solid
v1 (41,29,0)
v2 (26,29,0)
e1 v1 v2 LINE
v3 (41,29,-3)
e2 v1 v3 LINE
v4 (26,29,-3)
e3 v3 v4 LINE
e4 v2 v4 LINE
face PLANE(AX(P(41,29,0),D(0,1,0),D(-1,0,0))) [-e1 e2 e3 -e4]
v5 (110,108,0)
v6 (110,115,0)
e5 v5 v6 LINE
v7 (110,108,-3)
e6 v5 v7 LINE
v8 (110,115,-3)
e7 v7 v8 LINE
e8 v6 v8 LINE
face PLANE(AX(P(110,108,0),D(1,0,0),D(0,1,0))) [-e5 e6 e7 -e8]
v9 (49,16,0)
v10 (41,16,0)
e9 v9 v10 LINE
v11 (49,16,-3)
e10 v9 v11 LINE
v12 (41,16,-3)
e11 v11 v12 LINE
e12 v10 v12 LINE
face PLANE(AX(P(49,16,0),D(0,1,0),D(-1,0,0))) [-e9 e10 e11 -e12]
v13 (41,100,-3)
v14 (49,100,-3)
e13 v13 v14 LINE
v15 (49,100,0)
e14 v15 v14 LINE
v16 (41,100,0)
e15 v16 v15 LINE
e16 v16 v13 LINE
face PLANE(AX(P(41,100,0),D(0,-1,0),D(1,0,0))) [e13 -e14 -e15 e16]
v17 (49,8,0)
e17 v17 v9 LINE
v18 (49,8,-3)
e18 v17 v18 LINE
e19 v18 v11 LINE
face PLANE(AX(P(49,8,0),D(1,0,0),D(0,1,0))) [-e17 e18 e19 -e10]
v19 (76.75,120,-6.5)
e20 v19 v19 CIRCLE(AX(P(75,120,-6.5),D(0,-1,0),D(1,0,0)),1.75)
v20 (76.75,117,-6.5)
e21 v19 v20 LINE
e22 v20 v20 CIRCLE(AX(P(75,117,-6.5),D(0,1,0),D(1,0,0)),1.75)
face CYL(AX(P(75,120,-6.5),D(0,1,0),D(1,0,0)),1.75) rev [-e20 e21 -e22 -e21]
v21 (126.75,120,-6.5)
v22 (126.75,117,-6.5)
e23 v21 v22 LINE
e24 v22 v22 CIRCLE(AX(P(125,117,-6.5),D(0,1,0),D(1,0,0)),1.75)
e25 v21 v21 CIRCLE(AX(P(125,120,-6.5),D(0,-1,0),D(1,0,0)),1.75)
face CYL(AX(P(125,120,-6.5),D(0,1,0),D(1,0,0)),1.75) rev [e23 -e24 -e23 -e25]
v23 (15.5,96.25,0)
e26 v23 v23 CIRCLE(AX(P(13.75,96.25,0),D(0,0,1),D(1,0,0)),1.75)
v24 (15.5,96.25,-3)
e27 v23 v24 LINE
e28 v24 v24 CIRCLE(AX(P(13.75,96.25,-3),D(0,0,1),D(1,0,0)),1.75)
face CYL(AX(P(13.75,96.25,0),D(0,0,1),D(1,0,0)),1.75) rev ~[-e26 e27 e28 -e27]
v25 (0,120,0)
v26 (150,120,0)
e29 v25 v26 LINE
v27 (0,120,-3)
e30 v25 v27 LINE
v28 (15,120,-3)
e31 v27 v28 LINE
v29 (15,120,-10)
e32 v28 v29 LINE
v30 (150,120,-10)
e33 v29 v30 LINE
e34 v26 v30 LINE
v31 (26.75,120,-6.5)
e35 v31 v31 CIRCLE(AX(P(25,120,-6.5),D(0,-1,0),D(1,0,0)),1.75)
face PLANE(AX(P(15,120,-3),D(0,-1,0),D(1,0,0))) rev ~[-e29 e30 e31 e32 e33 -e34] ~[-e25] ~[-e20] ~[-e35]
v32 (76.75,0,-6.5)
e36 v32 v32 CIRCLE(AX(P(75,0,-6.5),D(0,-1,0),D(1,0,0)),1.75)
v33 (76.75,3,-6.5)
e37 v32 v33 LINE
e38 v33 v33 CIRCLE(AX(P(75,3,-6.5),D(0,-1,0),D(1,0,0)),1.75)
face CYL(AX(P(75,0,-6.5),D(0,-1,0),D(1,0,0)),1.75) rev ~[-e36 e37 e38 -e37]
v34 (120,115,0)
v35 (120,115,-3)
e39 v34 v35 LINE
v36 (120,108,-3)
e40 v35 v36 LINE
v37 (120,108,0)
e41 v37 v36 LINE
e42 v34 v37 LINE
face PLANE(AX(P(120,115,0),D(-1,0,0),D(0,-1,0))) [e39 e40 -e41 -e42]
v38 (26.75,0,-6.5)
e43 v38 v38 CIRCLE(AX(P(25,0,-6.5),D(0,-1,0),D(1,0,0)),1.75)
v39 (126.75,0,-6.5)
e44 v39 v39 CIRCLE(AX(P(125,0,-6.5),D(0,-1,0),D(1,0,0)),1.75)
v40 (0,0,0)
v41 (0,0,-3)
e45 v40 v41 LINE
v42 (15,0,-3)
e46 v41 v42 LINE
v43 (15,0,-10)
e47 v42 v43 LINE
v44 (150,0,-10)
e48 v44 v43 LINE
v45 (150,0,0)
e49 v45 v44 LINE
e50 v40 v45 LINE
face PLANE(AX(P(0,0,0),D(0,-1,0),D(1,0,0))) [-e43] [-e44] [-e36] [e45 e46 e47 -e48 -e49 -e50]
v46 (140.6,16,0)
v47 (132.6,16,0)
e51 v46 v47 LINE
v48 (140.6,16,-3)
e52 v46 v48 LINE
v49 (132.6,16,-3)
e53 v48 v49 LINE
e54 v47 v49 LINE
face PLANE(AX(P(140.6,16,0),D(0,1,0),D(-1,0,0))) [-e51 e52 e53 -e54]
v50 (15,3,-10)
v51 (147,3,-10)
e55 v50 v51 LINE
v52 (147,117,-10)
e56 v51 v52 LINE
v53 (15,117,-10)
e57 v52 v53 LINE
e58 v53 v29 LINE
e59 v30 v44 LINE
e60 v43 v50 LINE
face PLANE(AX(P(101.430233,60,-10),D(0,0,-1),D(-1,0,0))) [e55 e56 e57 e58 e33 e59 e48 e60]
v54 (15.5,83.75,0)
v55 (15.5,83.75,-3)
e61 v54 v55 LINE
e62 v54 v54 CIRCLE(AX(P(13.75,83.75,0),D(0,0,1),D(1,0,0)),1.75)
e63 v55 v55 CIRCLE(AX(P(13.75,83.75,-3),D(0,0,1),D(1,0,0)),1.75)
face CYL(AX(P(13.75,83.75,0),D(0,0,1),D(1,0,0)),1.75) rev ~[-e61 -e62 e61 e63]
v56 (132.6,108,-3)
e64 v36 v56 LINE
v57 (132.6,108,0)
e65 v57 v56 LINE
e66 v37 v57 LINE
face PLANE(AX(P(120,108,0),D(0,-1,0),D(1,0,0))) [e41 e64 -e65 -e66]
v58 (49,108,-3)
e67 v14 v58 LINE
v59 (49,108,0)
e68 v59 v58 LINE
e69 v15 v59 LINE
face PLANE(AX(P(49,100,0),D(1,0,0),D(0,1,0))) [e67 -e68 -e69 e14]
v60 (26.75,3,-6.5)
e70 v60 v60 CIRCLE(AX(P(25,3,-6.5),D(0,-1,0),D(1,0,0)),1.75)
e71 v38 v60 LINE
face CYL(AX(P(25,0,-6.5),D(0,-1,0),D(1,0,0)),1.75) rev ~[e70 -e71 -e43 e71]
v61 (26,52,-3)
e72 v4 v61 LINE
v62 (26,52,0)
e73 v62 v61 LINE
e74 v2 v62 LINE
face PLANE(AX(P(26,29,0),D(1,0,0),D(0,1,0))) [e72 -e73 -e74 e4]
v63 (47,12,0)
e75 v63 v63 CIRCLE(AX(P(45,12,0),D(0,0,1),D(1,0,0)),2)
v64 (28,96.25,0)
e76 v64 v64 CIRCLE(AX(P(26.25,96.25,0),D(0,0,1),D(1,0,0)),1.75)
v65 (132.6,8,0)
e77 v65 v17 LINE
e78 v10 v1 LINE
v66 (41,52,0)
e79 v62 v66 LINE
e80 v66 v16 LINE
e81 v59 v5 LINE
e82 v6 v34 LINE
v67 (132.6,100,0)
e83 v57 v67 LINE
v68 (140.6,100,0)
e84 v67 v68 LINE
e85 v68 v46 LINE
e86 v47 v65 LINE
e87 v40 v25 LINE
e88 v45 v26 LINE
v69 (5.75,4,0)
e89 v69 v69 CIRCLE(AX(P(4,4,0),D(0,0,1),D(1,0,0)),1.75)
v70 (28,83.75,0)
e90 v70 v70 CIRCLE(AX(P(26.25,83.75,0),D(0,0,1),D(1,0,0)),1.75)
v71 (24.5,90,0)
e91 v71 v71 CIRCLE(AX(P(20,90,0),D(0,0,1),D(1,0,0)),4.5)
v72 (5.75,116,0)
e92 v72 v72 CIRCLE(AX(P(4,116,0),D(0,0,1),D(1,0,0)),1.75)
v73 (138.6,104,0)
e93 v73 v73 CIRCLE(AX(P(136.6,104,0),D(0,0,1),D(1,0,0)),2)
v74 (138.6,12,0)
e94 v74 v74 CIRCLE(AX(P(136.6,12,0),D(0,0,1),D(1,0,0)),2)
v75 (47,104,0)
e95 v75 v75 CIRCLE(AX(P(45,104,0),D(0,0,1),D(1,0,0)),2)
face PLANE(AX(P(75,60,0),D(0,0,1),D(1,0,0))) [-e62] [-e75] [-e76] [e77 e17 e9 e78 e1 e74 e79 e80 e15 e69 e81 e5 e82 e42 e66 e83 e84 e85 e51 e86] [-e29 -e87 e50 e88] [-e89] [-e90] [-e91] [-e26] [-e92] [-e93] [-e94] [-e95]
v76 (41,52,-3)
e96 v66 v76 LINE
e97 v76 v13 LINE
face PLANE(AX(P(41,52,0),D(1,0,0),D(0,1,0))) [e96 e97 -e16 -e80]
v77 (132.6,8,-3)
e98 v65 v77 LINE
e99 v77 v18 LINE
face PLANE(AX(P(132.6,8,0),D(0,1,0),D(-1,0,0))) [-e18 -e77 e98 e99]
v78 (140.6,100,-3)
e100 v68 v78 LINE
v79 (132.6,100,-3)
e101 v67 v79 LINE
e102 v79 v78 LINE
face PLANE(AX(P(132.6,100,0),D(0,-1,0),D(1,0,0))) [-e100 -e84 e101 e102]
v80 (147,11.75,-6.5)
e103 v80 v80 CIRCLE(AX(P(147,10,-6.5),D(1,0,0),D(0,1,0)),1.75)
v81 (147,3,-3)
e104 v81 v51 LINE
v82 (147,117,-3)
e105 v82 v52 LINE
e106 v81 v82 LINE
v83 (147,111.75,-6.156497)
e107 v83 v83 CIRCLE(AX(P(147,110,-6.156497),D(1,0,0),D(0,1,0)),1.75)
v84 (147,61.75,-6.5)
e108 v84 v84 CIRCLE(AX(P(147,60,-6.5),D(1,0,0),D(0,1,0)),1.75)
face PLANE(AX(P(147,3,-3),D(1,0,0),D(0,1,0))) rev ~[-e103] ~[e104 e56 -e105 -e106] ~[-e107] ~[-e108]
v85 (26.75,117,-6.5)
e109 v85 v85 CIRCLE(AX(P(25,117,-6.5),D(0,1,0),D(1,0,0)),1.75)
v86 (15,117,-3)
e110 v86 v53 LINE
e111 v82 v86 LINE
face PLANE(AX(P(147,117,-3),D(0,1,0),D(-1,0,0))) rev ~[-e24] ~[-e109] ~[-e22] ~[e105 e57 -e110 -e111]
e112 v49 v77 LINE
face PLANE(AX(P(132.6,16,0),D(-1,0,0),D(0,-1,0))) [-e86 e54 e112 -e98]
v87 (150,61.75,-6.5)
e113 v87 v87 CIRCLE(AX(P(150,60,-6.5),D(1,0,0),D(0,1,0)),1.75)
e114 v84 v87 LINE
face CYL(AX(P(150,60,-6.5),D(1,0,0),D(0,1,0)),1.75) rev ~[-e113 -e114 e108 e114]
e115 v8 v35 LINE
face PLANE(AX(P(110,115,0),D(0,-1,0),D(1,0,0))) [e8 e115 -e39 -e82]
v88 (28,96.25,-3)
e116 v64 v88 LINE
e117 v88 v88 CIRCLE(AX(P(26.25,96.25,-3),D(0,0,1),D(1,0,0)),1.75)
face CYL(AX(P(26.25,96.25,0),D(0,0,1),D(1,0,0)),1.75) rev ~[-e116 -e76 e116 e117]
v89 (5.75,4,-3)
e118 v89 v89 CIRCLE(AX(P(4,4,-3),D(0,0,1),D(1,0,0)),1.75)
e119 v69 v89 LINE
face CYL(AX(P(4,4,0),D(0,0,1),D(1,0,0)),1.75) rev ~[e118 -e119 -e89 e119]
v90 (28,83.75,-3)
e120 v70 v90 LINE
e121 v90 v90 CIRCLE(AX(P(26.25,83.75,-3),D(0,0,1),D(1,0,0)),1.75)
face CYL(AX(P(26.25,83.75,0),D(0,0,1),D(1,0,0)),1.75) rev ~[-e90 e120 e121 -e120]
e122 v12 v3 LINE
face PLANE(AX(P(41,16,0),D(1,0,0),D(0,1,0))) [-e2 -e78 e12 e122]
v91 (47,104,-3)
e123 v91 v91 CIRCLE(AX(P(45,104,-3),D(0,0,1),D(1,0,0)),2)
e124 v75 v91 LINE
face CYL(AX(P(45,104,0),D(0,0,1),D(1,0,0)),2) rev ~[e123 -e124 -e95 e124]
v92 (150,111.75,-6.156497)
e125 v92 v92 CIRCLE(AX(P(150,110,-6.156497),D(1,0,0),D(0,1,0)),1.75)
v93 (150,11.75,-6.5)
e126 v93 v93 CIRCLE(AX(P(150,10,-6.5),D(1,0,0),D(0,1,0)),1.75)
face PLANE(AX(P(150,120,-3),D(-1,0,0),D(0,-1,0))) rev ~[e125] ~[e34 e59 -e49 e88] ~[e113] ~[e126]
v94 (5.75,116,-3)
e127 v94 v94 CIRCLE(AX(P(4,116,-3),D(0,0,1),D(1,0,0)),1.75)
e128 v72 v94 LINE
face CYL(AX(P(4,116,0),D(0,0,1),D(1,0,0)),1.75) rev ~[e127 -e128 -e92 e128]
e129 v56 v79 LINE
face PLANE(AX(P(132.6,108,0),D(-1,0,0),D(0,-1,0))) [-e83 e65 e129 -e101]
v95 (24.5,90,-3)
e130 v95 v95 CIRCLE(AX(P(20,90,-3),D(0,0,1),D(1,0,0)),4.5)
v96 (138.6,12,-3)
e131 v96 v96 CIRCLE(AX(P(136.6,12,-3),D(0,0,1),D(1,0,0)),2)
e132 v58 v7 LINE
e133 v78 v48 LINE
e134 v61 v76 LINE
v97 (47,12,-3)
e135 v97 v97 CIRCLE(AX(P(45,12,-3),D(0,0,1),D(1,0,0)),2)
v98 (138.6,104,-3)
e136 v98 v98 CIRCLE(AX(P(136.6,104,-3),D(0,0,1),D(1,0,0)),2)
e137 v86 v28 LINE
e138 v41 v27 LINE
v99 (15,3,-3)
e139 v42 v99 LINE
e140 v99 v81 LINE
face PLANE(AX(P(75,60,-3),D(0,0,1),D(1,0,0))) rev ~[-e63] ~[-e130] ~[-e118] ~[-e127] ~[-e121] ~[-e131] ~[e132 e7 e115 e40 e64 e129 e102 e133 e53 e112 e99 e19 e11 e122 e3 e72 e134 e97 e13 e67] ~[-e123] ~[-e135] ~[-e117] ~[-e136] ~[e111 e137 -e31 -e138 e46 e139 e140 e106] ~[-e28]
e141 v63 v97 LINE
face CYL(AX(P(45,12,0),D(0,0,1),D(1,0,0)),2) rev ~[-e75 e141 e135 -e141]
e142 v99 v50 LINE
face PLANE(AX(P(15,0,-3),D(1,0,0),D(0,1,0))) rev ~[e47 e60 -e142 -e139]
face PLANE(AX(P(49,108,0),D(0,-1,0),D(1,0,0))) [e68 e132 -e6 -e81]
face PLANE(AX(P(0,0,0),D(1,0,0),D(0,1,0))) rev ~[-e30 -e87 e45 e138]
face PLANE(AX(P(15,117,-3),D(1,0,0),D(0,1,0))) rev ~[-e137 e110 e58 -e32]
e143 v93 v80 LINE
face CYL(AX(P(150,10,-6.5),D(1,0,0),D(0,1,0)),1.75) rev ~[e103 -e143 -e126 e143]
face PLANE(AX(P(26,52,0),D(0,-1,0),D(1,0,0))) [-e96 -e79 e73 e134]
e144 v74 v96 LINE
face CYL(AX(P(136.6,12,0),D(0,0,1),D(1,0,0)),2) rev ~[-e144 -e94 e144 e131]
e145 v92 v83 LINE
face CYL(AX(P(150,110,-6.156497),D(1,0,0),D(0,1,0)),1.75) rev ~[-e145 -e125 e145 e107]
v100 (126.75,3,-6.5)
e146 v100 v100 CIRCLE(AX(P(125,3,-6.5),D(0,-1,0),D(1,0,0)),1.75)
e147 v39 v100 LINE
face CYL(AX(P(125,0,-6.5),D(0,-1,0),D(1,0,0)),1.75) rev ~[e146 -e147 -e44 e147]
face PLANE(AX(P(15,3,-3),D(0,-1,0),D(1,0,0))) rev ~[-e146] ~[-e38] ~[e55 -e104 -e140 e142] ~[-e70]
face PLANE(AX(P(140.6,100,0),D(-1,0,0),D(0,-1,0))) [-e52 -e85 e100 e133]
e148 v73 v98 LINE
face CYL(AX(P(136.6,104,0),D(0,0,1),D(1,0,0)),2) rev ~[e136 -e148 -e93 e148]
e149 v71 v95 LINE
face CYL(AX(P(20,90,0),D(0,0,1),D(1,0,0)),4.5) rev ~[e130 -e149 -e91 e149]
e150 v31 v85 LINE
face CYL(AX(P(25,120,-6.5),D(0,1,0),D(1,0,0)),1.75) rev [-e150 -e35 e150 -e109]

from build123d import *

# Parameters (mm, degrees)
SKETCH_W        = 150
SKETCH_H        = 120
SKETCH_R        = 4.5
SKETCH_R_2      = 1.75
SKETCH_R_3      = 2
PAD_DEPTH       = 3
PAD001_DEPTH    = 7
SKETCH003_R     = 1.75
POCKET_DEPTH    = 5
SKETCH002_R     = 1.75
POCKET001_DEPTH = 5
SKETCH004_R     = 1.75
POCKET002_DEPTH = 5


with BuildPart() as part:
    # Sketch → Pad (new body)
    with BuildSketch(Plane.XY):
        with Locations((75, 60)):
            Rectangle(SKETCH_W, SKETCH_H)
        with Locations((20, 90)):
            Circle(SKETCH_R, mode=Mode.SUBTRACT)
        with Locations((13.75, 96.25)):
            Circle(SKETCH_R_2, mode=Mode.SUBTRACT)
        with Locations((26.25, 96.25)):
            Circle(SKETCH_R_2, mode=Mode.SUBTRACT)
        with Locations((13.75, 83.75)):
            Circle(SKETCH_R_2, mode=Mode.SUBTRACT)
        with Locations((26.25, 83.75)):
            Circle(SKETCH_R_2, mode=Mode.SUBTRACT)
        with Locations((4, 116)):
            Circle(SKETCH_R_2, mode=Mode.SUBTRACT)
        with Locations((4, 4)):
            Circle(SKETCH_R_2, mode=Mode.SUBTRACT)
        with Locations((45, 104)):
            Circle(SKETCH_R_3, mode=Mode.SUBTRACT)
        with Locations((136.6, 104)):
            Circle(SKETCH_R_3, mode=Mode.SUBTRACT)
        with Locations((45, 12)):
            Circle(SKETCH_R_3, mode=Mode.SUBTRACT)
        with Locations((136.6, 12)):
            Circle(SKETCH_R_3, mode=Mode.SUBTRACT)
        Polygon((49, 108), (110, 108), (110, 115), (120, 115), (120, 108), (132.6, 108), (132.6, 100), (140.6, 100), (140.6, 16), (132.6, 16), (132.6, 8), (49, 8), (49, 16), (41, 16), (41, 29), (26, 29), (26, 52), (41, 52), (41, 100), (49, 100), align=None, mode=Mode.SUBTRACT)
    extrude(amount=-PAD_DEPTH)

    # Sketch001 (on DatumPlane) → Pad001 (join)
    with BuildSketch(Plane.XY.offset(-3)):
        Polygon((15, 117), (15, 120), (150, 120), (150, 0), (15, 0), (15, 3), (147, 3), (147, 117), align=None)
    extrude(amount=-PAD001_DEPTH)

    # Sketch003 (on DatumPlane) → Pocket (cut)
    with BuildSketch(Plane.XZ.offset(-120)):
        with Locations((25, -6.5)):
            Circle(SKETCH003_R)
        with Locations((75, -6.5)):
            Circle(SKETCH003_R)
        with Locations((125, -6.5)):
            Circle(SKETCH003_R)
    extrude(amount=POCKET_DEPTH, mode=Mode.SUBTRACT)

    # Sketch002 → Pocket001 (cut)
    with BuildSketch(Plane.XZ):
        with Locations((25, -6.5)):
            Circle(SKETCH002_R)
        with Locations((75, -6.5)):
            Circle(SKETCH002_R)
        with Locations((125, -6.5)):
            Circle(SKETCH002_R)
    extrude(amount=-POCKET001_DEPTH, mode=Mode.SUBTRACT)

    # Sketch004 (on DatumPlane) → Pocket002 (cut, symmetric)
    with BuildSketch(Plane.YZ.offset(150)):
        with Locations((10, -6.5)):
            Circle(SKETCH004_R)
        with Locations((110, -6.156497)):
            Circle(SKETCH004_R)
        with Locations((60, -6.5)):
            Circle(SKETCH004_R)
    extrude(amount=POCKET002_DEPTH, both=True, mode=Mode.SUBTRACT)


solid = part.part
